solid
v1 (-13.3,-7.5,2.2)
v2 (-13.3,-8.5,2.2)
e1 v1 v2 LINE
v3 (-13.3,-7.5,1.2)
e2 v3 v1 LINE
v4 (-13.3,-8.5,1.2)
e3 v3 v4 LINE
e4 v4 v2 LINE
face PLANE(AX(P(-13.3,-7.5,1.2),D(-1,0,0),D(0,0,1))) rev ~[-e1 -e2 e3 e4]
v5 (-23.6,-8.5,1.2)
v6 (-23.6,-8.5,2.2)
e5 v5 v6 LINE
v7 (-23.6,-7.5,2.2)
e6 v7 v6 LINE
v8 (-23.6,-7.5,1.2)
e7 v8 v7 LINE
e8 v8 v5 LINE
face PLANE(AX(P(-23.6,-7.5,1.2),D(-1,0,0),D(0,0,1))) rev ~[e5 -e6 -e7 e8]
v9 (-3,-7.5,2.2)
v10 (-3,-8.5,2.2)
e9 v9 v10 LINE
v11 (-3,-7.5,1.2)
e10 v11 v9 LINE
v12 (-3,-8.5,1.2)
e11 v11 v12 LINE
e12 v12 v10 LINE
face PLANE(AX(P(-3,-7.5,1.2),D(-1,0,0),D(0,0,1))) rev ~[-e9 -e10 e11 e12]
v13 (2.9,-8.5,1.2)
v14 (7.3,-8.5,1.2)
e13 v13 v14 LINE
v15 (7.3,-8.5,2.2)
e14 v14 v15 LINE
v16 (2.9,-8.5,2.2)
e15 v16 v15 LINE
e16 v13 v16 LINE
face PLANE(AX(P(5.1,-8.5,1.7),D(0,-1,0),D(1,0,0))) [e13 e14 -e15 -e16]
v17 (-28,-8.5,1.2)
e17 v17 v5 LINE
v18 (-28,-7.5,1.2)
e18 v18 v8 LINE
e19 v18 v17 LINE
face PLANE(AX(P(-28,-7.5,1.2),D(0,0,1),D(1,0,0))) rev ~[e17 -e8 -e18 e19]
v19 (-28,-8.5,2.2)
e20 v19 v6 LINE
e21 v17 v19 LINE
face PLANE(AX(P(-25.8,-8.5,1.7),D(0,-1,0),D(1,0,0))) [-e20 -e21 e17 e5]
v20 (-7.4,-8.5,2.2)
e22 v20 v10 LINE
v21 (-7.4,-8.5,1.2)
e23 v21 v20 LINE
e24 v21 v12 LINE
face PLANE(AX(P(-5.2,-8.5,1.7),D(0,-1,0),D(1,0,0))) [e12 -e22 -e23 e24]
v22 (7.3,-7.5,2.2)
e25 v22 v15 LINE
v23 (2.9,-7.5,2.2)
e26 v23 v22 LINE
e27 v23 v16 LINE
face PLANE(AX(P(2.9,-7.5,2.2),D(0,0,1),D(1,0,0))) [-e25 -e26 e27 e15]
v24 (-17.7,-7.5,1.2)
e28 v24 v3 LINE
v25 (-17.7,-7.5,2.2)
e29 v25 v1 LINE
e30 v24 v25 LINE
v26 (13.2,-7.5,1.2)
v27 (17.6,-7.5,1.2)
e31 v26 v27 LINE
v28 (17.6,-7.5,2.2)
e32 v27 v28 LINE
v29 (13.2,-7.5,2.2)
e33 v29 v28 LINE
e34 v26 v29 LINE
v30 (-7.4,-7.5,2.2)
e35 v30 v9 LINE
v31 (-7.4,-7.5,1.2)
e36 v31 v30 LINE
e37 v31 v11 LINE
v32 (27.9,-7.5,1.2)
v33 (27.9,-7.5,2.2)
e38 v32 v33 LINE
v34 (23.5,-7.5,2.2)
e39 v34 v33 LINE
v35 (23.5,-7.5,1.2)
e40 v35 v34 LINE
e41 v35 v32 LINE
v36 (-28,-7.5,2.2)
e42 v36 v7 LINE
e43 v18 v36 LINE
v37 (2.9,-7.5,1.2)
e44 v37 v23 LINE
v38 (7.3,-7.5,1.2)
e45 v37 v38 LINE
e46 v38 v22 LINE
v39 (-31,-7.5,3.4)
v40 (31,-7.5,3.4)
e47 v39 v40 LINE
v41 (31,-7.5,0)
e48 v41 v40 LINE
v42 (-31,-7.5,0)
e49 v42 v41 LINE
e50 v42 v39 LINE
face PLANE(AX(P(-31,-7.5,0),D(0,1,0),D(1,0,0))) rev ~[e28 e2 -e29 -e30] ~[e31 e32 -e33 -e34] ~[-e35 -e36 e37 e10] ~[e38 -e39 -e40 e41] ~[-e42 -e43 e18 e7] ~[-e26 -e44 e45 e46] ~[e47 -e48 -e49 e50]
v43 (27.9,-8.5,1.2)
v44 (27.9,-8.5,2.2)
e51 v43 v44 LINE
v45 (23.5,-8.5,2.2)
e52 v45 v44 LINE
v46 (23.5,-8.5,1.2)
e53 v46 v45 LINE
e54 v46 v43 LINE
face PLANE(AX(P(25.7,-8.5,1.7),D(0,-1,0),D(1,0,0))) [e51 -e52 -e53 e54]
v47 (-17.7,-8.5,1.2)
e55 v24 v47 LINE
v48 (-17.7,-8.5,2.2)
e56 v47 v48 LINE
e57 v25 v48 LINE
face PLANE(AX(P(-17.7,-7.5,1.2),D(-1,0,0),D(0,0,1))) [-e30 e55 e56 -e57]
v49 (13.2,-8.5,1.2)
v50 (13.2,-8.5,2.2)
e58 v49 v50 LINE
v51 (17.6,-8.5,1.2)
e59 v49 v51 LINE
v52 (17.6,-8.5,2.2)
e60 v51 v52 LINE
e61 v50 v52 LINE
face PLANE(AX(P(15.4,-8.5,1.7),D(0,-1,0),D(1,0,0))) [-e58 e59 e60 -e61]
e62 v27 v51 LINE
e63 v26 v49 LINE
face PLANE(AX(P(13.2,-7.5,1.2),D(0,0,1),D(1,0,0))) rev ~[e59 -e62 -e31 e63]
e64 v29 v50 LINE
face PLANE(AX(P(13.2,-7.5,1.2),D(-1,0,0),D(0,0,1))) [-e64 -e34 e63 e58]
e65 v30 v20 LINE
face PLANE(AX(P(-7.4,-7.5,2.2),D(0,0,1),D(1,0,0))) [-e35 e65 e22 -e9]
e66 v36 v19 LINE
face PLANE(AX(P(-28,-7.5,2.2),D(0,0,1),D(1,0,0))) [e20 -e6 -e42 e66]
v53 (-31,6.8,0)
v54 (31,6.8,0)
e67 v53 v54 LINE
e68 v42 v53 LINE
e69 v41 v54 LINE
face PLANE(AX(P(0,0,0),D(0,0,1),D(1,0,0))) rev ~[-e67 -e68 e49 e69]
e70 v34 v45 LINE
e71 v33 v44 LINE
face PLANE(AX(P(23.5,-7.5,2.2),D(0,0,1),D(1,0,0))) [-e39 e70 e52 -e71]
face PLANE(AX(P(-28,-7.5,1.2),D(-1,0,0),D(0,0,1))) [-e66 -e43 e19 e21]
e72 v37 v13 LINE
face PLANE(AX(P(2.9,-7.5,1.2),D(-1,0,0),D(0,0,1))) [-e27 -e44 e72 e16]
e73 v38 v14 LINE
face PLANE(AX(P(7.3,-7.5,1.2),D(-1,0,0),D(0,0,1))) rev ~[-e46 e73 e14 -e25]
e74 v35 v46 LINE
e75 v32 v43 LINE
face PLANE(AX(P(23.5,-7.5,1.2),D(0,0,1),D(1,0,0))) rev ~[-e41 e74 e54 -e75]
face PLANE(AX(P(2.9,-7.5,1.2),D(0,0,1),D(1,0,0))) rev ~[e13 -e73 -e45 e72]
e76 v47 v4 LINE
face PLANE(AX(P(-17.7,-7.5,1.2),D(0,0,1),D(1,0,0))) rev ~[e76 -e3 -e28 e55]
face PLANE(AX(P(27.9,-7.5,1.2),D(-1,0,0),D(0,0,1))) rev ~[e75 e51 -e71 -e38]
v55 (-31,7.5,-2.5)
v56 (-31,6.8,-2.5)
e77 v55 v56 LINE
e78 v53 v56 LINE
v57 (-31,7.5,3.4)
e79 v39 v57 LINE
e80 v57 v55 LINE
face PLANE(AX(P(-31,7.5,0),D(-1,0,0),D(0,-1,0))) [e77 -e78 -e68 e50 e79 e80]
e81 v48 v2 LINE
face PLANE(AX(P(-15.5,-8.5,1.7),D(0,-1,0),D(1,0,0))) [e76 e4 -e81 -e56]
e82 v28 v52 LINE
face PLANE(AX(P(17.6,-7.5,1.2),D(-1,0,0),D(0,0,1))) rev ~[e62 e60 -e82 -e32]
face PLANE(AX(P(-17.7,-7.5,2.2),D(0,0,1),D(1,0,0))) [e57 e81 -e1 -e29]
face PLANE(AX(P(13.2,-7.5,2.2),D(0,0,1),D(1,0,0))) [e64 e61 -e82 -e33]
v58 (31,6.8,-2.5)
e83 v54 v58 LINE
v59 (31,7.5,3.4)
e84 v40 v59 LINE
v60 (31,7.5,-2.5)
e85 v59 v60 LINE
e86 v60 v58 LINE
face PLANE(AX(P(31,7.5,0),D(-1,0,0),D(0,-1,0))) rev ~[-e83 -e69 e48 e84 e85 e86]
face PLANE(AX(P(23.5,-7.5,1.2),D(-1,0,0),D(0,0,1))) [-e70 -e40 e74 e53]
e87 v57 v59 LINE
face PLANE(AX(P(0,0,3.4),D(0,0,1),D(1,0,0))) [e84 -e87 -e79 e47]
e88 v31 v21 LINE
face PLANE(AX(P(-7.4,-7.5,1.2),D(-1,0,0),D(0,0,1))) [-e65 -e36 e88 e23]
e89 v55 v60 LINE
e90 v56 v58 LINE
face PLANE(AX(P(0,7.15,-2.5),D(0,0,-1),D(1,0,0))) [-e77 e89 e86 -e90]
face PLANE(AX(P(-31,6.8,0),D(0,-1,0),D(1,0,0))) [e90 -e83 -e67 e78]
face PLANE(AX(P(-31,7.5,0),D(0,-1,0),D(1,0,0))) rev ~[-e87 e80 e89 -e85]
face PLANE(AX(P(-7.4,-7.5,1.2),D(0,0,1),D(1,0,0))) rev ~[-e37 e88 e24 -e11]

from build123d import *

# Parameters (mm, degrees)
F0_W     = 62
F0_H     = 15
F1_DEPTH = 3.4
F2_W     = 62
F2_H     = 0.7
F3_DEPTH = 2.5
F4_W     = 4.4
F4_H     = 1
F5_DEPTH = 1


with BuildPart() as f1:
    # F0 (on Top) → F1 (new body)
    with BuildSketch(Plane.XY):
        Rectangle(F0_W, F0_H)
    extrude(amount=F1_DEPTH)

    # F2 (on face) → F3 (join)
    with BuildSketch(Plane(origin=(0, 0, 0), x_dir=(1, 0, 0), z_dir=(0, 0, -1))):
        with Locations((0, -7.15)):
            Rectangle(F2_W, F2_H)
    extrude(amount=F3_DEPTH)

    # F4 (on face) → F5 (join)
    with BuildSketch(Plane.XZ.offset(7.5)):
        with Locations((-25.8, 1.7)):
            Rectangle(F4_W, F4_H)
        with Locations((-15.5, 1.7)):
            Rectangle(F4_W, F4_H)
        with Locations((-5.2, 1.7)):
            Rectangle(F4_W, F4_H)
        with Locations((5.1, 1.7)):
            Rectangle(F4_W, F4_H)
        with Locations((15.4, 1.7)):
            Rectangle(F4_W, F4_H)
        with Locations((25.7, 1.7)):
            Rectangle(F4_W, F4_H)
    extrude(amount=F5_DEPTH)


solid = f1.part
